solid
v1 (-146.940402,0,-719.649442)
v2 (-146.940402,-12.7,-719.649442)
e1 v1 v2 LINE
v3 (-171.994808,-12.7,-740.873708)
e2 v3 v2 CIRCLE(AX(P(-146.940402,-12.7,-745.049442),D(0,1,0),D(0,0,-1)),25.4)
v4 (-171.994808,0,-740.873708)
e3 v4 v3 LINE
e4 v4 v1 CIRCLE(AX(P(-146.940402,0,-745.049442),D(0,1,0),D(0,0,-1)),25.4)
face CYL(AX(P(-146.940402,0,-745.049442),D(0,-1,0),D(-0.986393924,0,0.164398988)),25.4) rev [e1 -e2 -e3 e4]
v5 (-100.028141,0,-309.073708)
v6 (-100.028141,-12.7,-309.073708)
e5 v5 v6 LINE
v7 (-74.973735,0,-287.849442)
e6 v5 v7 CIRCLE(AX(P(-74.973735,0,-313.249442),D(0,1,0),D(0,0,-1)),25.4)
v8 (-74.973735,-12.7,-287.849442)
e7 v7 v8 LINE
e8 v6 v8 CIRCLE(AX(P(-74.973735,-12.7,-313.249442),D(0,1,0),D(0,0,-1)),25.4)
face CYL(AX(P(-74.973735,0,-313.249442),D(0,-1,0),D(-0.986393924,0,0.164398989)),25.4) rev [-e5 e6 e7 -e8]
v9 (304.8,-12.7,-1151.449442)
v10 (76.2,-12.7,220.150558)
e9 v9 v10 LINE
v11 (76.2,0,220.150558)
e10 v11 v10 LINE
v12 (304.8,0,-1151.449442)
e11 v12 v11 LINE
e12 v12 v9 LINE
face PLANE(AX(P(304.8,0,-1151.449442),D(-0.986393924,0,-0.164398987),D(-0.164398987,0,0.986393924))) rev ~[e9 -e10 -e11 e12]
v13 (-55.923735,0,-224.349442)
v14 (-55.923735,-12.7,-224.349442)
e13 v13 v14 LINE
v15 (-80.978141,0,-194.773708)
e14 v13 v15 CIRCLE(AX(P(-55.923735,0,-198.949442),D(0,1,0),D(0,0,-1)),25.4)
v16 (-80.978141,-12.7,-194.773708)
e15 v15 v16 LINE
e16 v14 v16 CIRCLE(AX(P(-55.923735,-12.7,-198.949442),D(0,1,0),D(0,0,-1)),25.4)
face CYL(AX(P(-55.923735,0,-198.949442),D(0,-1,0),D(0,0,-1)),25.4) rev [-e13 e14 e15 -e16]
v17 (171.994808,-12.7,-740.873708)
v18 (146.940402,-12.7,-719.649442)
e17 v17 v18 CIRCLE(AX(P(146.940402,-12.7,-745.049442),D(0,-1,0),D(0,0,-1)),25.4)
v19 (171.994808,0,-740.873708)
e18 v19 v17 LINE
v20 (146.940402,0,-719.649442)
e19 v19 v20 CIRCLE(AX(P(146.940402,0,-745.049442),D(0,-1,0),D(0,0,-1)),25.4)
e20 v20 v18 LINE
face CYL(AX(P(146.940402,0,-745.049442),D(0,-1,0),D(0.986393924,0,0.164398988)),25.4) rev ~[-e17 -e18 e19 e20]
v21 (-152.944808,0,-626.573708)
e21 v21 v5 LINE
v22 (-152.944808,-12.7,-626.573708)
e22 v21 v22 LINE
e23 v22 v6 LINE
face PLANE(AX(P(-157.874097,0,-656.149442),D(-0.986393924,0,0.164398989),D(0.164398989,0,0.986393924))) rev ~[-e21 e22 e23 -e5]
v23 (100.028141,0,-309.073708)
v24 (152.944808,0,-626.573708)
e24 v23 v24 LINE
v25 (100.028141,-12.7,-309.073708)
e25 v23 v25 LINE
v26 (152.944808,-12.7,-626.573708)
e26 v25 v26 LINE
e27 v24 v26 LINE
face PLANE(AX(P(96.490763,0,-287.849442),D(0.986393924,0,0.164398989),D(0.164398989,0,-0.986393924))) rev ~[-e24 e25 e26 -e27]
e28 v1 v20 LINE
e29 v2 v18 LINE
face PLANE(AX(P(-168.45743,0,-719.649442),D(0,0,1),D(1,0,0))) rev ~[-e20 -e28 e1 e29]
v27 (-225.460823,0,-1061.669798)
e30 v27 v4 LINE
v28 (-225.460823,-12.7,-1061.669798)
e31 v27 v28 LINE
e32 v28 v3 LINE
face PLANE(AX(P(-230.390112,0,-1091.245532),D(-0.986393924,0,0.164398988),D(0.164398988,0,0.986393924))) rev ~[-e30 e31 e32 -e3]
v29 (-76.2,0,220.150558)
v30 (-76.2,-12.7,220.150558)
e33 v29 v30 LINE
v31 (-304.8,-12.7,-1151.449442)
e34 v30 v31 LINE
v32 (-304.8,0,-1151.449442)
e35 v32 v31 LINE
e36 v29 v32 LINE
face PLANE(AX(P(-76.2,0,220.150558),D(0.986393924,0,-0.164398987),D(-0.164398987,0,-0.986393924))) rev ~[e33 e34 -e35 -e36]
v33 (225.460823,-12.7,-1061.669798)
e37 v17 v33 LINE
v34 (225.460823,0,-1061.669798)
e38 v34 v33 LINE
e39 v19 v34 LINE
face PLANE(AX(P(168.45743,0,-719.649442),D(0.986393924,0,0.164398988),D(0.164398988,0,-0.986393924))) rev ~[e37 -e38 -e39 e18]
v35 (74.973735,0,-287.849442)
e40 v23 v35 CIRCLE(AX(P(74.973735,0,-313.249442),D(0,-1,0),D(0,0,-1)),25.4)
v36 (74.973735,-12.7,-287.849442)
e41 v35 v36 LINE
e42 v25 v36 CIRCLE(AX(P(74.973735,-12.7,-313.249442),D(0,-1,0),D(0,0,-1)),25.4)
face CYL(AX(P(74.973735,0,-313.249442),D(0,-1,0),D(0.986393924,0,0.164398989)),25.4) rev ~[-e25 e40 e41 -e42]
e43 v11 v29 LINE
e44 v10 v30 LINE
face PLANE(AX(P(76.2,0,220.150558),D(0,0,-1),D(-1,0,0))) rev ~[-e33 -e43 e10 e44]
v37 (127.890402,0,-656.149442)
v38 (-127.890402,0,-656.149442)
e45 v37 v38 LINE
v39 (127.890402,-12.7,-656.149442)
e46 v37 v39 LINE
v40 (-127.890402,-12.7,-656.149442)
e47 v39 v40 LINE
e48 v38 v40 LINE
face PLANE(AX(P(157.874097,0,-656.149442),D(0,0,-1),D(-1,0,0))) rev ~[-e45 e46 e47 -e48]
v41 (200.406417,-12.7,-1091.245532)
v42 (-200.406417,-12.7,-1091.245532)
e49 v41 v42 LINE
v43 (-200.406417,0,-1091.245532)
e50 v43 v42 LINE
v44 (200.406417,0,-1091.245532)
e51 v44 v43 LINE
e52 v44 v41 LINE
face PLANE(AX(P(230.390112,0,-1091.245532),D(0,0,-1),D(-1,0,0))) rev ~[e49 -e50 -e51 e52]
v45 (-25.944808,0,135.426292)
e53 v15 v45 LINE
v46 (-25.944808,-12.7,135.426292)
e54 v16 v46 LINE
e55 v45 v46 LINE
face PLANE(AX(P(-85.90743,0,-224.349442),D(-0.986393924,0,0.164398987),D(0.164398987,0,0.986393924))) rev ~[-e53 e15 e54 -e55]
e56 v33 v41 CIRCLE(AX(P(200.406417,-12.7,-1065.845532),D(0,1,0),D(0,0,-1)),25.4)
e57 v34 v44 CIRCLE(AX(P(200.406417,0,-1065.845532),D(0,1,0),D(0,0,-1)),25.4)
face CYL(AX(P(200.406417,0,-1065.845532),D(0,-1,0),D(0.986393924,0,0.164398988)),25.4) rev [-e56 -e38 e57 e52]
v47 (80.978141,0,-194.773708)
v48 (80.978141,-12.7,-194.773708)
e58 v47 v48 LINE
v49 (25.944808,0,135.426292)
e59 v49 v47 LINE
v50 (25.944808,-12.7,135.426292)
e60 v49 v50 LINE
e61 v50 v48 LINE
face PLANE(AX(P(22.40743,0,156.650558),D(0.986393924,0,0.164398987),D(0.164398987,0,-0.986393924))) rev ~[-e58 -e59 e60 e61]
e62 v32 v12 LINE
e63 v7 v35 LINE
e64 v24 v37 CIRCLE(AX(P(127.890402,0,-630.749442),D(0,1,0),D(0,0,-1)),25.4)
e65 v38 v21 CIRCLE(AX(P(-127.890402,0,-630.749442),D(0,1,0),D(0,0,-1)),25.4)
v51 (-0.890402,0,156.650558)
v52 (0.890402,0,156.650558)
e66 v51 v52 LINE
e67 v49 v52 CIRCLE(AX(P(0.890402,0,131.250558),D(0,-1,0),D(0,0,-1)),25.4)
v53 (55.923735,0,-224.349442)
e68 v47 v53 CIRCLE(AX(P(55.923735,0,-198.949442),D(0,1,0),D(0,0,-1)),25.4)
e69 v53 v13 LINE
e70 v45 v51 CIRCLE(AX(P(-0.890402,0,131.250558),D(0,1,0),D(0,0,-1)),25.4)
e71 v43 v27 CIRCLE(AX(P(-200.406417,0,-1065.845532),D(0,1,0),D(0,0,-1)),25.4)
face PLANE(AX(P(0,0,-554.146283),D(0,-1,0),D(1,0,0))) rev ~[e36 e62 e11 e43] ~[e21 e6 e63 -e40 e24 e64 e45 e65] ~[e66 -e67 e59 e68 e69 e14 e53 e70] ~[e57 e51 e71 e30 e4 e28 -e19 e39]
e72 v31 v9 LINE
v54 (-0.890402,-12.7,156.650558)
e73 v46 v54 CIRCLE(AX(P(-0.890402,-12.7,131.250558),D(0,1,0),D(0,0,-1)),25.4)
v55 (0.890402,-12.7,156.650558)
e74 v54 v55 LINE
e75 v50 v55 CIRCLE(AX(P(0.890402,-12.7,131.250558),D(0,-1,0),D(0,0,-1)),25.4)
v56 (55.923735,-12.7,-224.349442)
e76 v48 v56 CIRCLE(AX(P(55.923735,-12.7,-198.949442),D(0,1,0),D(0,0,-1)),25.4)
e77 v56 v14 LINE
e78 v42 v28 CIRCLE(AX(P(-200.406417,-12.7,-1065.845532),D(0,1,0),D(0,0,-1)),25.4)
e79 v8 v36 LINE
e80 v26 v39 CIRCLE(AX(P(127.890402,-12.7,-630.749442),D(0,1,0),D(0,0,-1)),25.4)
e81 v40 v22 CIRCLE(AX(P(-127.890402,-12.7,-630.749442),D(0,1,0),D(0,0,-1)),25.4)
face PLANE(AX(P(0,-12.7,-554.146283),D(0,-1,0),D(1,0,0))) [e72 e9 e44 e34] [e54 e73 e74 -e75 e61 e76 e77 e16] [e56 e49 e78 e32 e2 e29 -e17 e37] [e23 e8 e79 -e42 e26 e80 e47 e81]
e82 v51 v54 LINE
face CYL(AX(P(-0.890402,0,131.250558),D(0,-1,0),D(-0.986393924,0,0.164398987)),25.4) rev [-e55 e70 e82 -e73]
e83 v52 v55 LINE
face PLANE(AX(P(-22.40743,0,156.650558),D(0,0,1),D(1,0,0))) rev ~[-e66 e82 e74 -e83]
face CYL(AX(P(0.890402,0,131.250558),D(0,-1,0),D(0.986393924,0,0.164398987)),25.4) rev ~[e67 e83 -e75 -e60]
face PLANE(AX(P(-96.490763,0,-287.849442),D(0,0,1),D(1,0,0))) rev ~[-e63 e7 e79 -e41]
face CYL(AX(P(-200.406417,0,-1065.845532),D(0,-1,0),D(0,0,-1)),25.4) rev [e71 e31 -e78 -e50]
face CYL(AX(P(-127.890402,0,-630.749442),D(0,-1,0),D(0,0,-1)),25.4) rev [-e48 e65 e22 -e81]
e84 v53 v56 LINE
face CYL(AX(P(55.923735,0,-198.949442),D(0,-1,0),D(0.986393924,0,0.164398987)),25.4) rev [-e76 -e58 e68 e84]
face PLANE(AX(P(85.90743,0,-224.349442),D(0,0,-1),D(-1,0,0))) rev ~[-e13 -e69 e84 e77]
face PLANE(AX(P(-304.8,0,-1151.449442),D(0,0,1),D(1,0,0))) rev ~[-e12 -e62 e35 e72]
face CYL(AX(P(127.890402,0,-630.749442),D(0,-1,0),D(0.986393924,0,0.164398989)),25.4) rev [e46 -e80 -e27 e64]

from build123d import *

# Parameters (mm, degrees)
F1_DEPTH = 12.7
F2_R     = 25.4


with BuildPart() as f1:
    # F0 (on Front) → F1 (new body)
    with BuildSketch(Plane.XZ):
        Polygon((76.2, 220.150558), (0, 220.150558), (-76.2, 220.150558), (-304.8, -1151.449442), (0, -1151.449442), (304.8, -1151.449442), align=None)
        Polygon((230.390112, -1091.245532), (0, -1091.245532), (-230.390112, -1091.245532), (-168.45743, -719.649442), (0, -719.649442), (168.45743, -719.649442), align=None, mode=Mode.SUBTRACT)
        Polygon((157.874097, -656.149442), (0, -656.149442), (-157.874097, -656.149442), (-96.490763, -287.849442), (0, -287.849442), (96.490763, -287.849442), align=None, mode=Mode.SUBTRACT)
        Polygon((85.90743, -224.349442), (0, -224.349442), (-85.90743, -224.349442), (-22.40743, 156.650558), (0, 156.650558), (22.40743, 156.650558), align=None, mode=Mode.SUBTRACT)
    extrude(amount=F1_DEPTH)

    # F2
    f2_edges = [f1.edges().sort_by_distance(p)[0] for p in [
        (-85.90743, -6.35, -224.349442),
        (85.90743, -6.35, -224.349442),
        (22.40743, -6.35, 156.650558),
        (-22.40743, -6.35, 156.650558),
        (-96.490763, -6.35, -287.849442),
        (96.490763, -6.35, -287.849442),
        (157.874097, -6.35, -656.149442),
        (-157.874097, -6.35, -656.149442),
        (-230.390112, -6.35, -1091.245532),
        (168.45743, -6.35, -719.649442),
        (230.390112, -6.35, -1091.245532),
        (-168.45743, -6.35, -719.649442),
    ]]
    fillet(f2_edges, radius=F2_R)


solid = f1.part
